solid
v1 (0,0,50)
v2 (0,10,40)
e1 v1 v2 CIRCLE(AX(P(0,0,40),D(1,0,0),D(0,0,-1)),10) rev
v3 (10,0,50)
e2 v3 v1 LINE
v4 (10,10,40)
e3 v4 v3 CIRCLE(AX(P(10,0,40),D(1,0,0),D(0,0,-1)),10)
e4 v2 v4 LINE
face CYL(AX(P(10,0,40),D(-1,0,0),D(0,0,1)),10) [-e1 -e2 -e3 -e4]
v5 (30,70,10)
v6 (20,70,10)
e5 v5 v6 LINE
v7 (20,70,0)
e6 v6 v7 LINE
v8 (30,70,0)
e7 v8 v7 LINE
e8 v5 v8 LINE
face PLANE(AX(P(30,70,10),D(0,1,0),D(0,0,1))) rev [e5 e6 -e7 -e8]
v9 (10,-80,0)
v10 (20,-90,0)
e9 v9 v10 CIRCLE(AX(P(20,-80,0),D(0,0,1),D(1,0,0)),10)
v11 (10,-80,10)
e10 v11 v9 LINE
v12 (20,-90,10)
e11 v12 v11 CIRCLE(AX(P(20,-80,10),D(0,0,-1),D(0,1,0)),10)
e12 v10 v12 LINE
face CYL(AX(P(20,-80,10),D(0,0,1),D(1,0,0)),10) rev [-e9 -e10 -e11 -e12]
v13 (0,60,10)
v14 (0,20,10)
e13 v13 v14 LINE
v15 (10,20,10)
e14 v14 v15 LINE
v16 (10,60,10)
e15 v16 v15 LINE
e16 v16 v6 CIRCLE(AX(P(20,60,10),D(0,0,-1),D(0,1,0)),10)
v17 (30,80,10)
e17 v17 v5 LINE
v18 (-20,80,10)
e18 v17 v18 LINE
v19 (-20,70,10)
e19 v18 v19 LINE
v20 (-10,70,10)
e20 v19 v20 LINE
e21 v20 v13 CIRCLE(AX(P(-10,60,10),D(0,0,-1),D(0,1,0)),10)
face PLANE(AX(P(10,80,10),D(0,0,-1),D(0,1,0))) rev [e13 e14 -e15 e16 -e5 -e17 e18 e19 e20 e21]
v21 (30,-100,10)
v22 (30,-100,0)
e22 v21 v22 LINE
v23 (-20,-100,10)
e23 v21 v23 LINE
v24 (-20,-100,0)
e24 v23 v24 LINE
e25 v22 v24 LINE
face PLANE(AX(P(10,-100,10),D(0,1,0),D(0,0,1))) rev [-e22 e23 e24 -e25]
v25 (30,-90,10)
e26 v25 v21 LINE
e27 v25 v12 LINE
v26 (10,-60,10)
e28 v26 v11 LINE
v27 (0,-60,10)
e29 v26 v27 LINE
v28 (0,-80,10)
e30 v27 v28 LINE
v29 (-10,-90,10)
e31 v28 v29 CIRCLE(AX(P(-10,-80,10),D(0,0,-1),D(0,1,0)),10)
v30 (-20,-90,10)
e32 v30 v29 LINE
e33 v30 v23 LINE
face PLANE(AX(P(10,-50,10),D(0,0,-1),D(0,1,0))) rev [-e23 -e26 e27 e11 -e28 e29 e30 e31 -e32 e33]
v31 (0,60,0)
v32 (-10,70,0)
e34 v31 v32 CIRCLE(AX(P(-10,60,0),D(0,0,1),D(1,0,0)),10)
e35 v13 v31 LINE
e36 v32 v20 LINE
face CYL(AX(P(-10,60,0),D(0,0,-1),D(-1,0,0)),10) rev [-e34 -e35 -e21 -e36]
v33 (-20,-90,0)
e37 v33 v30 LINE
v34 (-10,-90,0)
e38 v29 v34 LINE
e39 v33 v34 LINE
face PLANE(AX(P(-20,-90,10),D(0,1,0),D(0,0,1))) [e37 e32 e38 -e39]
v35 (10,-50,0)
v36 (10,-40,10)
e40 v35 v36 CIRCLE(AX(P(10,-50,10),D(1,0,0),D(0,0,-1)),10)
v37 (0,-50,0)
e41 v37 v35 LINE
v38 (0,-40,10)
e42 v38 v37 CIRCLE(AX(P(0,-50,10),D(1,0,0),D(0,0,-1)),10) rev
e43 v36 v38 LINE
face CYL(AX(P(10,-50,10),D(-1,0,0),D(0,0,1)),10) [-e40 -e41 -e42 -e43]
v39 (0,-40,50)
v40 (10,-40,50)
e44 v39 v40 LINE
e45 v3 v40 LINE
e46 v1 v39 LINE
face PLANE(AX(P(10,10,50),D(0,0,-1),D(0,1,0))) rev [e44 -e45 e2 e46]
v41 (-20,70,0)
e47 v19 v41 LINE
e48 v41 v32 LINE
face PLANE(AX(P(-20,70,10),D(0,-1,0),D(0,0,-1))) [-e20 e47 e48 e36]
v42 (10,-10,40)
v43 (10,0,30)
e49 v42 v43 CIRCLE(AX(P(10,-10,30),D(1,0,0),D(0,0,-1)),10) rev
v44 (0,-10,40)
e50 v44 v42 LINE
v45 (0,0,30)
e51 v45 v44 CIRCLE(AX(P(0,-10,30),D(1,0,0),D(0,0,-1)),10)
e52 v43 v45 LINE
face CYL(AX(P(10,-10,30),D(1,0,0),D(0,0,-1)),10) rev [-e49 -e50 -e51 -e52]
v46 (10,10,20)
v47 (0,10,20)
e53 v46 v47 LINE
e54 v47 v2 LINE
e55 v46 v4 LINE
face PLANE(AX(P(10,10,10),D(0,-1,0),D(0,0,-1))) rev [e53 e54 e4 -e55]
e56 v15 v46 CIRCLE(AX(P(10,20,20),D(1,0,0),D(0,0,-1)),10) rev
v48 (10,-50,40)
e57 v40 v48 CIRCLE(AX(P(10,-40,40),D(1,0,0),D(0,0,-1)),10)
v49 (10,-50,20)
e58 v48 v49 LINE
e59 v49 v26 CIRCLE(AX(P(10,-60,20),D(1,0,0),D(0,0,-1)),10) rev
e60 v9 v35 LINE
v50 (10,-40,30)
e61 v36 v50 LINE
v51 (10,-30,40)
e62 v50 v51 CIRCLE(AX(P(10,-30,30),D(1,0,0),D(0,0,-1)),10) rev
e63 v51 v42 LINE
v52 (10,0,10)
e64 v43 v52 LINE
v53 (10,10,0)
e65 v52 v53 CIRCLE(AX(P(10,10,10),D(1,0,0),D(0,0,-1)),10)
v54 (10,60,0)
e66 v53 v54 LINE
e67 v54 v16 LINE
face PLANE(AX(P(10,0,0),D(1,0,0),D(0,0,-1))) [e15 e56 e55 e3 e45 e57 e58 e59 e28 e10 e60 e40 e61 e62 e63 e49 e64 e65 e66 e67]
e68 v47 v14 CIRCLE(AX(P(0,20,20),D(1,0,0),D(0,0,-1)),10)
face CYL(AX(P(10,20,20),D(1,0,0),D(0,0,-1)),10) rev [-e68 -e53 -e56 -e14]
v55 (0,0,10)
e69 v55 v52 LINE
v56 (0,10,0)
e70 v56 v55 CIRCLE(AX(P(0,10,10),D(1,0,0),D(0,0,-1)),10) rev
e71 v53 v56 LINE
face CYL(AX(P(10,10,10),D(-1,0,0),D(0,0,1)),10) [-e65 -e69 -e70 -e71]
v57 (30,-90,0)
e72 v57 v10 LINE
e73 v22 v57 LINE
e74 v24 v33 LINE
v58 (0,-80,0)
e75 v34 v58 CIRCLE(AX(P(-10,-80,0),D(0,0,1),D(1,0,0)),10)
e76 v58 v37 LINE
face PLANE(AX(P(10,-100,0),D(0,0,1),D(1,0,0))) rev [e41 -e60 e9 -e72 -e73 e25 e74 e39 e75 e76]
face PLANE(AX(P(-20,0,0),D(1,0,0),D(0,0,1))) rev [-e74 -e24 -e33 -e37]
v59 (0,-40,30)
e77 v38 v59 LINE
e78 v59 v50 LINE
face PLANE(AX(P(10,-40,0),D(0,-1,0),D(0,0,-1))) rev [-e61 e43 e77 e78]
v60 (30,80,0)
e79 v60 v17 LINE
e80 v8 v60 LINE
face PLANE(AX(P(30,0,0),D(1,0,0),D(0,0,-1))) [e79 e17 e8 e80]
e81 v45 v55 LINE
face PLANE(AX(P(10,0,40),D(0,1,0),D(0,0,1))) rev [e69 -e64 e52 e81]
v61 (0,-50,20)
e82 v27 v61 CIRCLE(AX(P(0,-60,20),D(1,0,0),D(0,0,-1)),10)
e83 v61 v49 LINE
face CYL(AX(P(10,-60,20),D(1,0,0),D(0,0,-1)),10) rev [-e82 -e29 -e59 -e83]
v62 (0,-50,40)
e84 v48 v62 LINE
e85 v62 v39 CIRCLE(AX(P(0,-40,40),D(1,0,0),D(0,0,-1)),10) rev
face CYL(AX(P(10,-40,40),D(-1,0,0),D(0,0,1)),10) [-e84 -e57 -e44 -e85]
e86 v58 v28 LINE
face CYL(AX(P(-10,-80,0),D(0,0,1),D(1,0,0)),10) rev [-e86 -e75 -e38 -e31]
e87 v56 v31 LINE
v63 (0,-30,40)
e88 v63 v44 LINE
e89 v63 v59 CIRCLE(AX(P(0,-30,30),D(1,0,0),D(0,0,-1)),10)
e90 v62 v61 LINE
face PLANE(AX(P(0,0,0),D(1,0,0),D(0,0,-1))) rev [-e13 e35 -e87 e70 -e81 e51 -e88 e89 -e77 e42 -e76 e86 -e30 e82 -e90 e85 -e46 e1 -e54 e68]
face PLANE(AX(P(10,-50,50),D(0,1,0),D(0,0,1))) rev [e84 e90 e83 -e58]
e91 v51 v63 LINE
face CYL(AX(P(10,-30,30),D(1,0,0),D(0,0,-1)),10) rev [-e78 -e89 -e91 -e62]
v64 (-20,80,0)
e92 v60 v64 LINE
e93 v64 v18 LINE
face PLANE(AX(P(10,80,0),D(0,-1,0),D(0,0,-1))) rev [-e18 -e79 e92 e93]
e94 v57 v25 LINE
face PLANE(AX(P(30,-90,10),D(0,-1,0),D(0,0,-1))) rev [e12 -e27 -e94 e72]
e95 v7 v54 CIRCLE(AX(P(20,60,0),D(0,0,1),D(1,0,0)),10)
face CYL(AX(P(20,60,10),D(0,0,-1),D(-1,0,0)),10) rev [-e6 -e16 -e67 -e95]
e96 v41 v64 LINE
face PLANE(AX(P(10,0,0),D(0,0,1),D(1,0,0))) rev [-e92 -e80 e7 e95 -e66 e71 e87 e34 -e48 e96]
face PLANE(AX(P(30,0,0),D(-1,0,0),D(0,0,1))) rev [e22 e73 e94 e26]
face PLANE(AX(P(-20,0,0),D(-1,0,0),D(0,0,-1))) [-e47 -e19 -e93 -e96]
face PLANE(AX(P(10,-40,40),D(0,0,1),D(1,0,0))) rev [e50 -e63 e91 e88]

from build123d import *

# Parameters (mm, degrees)
BOSS_EXTRUDE1_DEPTH = 10
SKETCH2_W           = 10
SKETCH2_H           = 10
BOSS_EXTRUDE2_DEPTH = 20
FILLET1_R           = 10


with BuildPart() as part:
    # Sketch1 → Boss-Extrude1 (new body)
    with BuildSketch(Plane(origin=(0, 0, 0), x_dir=(0, 0, -1), z_dir=(1, 0, 0))):
        Polygon((0, 0), (0, 80), (-10, 80), (-10, 10), (-50, 10), (-50, -50), (-10, -50), (-10, -100), (0, -100), (0, -40), (-40, -40), (-40, 0), align=None)
    extrude(amount=BOSS_EXTRUDE1_DEPTH)

    # Sketch2 → Boss-Extrude2 (add)
    with BuildSketch(Plane(origin=(10, 0, 0), x_dir=(0, 0, -1), z_dir=(1, 0, 0))):
        with Locations((-5, 75)):
            Rectangle(SKETCH2_W, SKETCH2_H)
        with Locations((-5, -95)):
            Rectangle(SKETCH2_W, SKETCH2_H)
    boss_extrude2 = extrude(amount=BOSS_EXTRUDE2_DEPTH)

    # Mirror1: Boss-Extrude2 across plane
    add(boss_extrude2.mirror(Plane.ZY.offset(-5)))

    # Fillet1
    fillet1_edges = [part.edges().sort_by_distance(p)[0] for p in [
        (10, -90, 5),
        (5, -40, 40),
        (0, -90, 5),
        (0, 70, 5),
        (5, -40, 0),
        (5, 0, 0),
        (10, 70, 5),
        (5, -50, 50),
        (5, 0, 40),
        (5, 10, 50),
        (5, -50, 10),
        (5, 10, 10),
    ]]
    fillet(fillet1_edges, radius=FILLET1_R)


solid = part.part
